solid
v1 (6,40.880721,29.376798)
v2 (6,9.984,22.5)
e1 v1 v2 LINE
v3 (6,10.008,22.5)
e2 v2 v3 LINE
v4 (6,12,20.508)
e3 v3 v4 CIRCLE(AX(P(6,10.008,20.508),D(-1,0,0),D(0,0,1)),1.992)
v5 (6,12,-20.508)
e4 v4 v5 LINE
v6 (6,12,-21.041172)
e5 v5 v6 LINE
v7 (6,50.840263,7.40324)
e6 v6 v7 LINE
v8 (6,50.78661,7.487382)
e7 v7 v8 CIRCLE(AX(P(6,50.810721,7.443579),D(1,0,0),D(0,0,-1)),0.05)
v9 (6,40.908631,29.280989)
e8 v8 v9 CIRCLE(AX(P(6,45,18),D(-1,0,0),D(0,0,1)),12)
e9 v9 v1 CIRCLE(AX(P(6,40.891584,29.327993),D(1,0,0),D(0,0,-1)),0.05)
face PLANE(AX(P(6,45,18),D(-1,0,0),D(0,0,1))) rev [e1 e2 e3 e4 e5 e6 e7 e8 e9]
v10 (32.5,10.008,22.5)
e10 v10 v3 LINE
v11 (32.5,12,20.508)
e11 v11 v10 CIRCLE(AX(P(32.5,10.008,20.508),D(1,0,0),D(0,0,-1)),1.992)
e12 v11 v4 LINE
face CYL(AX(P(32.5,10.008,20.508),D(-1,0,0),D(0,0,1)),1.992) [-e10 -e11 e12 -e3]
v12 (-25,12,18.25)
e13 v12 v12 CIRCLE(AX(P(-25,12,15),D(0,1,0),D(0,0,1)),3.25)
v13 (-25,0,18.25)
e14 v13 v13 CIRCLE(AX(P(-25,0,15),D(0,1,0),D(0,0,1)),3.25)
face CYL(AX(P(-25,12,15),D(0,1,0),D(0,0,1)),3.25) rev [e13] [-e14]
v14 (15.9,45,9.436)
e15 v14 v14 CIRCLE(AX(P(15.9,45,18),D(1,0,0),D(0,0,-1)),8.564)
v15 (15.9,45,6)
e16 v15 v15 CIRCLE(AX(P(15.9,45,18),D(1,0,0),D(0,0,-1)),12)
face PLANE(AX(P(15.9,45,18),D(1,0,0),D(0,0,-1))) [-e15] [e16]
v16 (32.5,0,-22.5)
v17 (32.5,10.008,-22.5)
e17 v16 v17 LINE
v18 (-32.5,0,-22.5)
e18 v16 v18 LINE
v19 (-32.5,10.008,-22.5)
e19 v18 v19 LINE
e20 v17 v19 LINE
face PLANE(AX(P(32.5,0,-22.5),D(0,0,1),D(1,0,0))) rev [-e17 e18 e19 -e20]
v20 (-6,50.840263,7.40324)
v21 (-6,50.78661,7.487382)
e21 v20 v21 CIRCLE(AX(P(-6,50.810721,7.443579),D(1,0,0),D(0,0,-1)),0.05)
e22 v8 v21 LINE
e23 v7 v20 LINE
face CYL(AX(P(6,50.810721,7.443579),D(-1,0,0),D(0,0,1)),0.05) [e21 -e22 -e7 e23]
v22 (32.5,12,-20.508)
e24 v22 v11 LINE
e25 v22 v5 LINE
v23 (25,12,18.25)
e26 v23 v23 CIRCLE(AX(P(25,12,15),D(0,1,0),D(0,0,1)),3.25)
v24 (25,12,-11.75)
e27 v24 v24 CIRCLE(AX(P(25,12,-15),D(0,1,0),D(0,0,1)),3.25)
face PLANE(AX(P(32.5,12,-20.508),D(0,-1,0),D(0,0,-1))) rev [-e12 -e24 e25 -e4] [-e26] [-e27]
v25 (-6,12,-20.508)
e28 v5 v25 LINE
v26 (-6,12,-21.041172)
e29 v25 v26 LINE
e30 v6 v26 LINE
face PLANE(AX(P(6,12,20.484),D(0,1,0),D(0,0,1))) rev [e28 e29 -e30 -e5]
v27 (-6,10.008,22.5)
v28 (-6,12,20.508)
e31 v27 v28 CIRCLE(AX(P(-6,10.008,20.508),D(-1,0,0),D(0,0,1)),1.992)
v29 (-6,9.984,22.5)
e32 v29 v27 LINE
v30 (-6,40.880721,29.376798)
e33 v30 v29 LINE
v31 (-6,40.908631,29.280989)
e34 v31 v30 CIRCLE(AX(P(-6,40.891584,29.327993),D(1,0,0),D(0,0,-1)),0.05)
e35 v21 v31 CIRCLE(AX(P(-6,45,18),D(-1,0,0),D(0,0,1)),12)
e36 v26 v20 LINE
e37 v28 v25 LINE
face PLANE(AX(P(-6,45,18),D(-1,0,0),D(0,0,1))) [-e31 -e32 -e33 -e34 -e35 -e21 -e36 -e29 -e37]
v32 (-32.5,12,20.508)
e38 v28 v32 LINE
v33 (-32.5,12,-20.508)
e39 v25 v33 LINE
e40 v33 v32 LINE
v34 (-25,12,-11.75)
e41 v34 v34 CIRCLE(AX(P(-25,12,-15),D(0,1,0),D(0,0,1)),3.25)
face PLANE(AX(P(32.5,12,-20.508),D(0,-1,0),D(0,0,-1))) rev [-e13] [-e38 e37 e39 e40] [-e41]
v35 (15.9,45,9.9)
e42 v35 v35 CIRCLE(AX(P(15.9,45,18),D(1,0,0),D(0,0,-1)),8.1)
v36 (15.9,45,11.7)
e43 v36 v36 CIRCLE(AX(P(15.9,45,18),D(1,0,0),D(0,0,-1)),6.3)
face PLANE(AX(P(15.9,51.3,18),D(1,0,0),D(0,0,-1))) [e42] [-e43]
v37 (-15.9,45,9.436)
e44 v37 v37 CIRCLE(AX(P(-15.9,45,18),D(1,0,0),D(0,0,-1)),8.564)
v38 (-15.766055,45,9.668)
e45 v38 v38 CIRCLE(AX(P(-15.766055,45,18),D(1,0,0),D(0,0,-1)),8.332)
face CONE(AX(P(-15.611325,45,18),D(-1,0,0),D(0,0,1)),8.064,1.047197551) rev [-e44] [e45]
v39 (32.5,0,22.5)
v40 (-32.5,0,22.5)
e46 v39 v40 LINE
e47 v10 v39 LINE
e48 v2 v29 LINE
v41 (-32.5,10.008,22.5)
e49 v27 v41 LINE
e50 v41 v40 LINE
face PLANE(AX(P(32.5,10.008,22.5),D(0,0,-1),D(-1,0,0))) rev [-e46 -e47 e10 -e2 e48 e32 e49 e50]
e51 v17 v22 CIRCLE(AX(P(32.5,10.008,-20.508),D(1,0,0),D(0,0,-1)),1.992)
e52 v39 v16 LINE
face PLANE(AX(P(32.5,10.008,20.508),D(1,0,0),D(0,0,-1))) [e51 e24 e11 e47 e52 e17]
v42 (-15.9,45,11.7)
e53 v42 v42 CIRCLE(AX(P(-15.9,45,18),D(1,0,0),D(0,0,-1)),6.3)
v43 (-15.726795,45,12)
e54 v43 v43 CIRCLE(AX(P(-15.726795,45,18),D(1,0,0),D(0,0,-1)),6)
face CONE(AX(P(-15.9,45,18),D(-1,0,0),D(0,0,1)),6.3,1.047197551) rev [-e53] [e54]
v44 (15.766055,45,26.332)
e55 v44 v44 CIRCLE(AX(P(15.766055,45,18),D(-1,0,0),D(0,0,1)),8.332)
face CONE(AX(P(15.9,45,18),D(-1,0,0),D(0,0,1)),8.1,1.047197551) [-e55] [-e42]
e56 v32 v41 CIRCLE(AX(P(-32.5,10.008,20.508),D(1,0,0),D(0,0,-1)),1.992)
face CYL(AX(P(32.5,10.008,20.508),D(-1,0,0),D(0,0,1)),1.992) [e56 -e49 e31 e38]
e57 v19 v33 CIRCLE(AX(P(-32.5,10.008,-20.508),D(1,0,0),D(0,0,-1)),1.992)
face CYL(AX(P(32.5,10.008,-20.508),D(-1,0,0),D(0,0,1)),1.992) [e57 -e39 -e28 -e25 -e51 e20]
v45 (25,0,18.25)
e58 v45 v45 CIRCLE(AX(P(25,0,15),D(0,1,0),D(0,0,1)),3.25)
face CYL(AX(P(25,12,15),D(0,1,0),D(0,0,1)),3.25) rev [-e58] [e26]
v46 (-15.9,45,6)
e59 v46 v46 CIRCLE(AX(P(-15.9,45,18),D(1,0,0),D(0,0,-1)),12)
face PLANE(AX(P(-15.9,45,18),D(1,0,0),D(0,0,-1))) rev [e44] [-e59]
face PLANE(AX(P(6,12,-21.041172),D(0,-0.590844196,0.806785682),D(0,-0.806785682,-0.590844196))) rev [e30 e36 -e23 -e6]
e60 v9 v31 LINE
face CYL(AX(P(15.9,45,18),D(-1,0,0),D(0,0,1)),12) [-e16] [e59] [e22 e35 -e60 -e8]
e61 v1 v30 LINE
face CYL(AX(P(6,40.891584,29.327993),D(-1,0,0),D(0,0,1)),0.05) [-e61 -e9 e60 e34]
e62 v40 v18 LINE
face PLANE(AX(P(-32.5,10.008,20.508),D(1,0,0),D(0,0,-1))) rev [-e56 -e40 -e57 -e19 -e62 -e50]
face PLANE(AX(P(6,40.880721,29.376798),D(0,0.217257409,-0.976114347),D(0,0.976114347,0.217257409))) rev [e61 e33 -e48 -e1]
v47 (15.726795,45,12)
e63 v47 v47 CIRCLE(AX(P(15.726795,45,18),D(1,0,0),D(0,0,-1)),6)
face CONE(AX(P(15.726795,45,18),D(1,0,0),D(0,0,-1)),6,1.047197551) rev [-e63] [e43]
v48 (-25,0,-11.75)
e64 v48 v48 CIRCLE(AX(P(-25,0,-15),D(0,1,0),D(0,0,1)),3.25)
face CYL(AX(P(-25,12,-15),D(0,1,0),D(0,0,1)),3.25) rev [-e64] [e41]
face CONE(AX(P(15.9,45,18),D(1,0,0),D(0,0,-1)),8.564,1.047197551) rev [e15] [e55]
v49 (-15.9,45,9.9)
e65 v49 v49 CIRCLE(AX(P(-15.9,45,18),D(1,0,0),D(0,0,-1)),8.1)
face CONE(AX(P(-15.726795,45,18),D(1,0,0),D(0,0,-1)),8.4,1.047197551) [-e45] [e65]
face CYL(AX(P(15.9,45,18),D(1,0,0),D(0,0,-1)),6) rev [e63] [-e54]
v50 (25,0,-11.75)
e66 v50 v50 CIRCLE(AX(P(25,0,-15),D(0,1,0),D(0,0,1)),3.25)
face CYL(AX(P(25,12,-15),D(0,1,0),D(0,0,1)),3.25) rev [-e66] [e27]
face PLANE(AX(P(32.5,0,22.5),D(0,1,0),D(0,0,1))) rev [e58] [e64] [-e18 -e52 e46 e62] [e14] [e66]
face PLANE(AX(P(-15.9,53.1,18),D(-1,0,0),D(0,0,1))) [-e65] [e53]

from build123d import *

# Parameters (mm, degrees)
BOSS_EXTRUDE1_DEPTH      = 32.5
BOSS_EXTRUDE1_DEPTH_BACK = 32.5
BOSS_EXTRUDE2_DEPTH      = 6
BOSS_EXTRUDE2_DEPTH_BACK = 6
BOSS_EXTRUDE3_DEPTH      = 15.9
BOSS_EXTRUDE3_DEPTH_BACK = 15.9
SKETCH3_R                = 12
SKETCH4_W                = 3.25
SKETCH4_H                = 12
SKETCH5_W                = 3.25
SKETCH5_H                = 12
SKETCH6_W                = 3.25
SKETCH6_H                = 12
SKETCH7_W                = 3.25
SKETCH7_H                = 12


with BuildPart() as part:
    # Sketch1 → Boss-Extrude1 (new, two sides: drawn at the far end of the back side and taken through both)
    with BuildSketch(Plane(origin=(0, 0, 0), x_dir=(0, 0, -1), z_dir=(1, 0, 0)).offset(-BOSS_EXTRUDE1_DEPTH_BACK)):
        with BuildLine():
            Line((-22.5, 10.008), (-22.5, 0))
            Line((-22.5, 0), (22.5, 0))
            Line((22.5, 0), (22.5, 10.008))
            ThreePointArc((22.5, 10.008), (21.916556708, 11.416556708), (20.508, 12))
            Line((20.508, 12), (-20.508, 12))
            ThreePointArc((-20.508, 12), (-21.916556708, 11.416556708), (-22.5, 10.008))
        make_face()
    extrude(amount=BOSS_EXTRUDE1_DEPTH + BOSS_EXTRUDE1_DEPTH_BACK)

    # Sketch2 → Boss-Extrude2 (add, two sides: drawn at the far end of the back side and taken through both)
    with BuildSketch(Plane(origin=(0, 0, 0), x_dir=(0, 0, -1), z_dir=(1, 0, 0)).offset(-BOSS_EXTRUDE2_DEPTH_BACK)):
        with BuildLine():
            Line((-29.376798431, 40.880721246), (-22.5, 9.984))
            ThreePointArc((-22.5, 9.984), (-21.909527271, 11.409527271), (-20.484, 12))
            Line((-20.484, 12), (21.041171881, 12))
            Line((21.041171881, 12), (-7.403239928, 50.840263348))
            ThreePointArc((-7.403239928, 50.840263348), (-7.470461582, 50.852879627), (-7.487381792, 50.786610269))
            ThreePointArc((-7.487381792, 50.786610269), (-13.04609099, 34.070279714), (-29.280988595, 40.908631486))
            ThreePointArc((-29.280988595, 40.908631486), (-29.341976877, 40.939588733), (-29.376798431, 40.880721246))
        make_face()
    extrude(amount=BOSS_EXTRUDE2_DEPTH + BOSS_EXTRUDE2_DEPTH_BACK)

    # Sketch3 → Boss-Extrude3 (add, two sides: drawn at the far end of the back side and taken through both)
    with BuildSketch(Plane(origin=(0, 0, 0), x_dir=(0, 0, -1), z_dir=(1, 0, 0)).offset(-BOSS_EXTRUDE3_DEPTH_BACK)):
        with Locations((-18, 45)):
            Circle(SKETCH3_R)
    extrude(amount=BOSS_EXTRUDE3_DEPTH + BOSS_EXTRUDE3_DEPTH_BACK)

    # Sketch4 → Cut-Revolve1 (revolve, cut)
    with BuildSketch(Plane.XY.offset(15)):
        with Locations((-26.625, 6)):
            Rectangle(SKETCH4_W, SKETCH4_H)
    revolve(axis=Axis((-25, 12, 15), (0, -1, 0)), mode=Mode.SUBTRACT)

    # Sketch5 → Cut-Revolve2 (revolve, cut)
    with BuildSketch(Plane.XY.offset(15)):
        with Locations((23.375, 6)):
            Rectangle(SKETCH5_W, SKETCH5_H)
    revolve(axis=Axis((25, 12, 15), (0, -1, 0)), mode=Mode.SUBTRACT)

    # Sketch6 → Cut-Revolve3 (revolve, cut)
    with BuildSketch(Plane.XY.offset(-15)):
        with Locations((-26.625, 6)):
            Rectangle(SKETCH6_W, SKETCH6_H)
    revolve(axis=Axis((-25, 12, -15), (0, -1, 0)), mode=Mode.SUBTRACT)

    # Sketch7 → Cut-Revolve4 (revolve, cut)
    with BuildSketch(Plane.XY.offset(-15)):
        with Locations((23.375, 6)):
            Rectangle(SKETCH7_W, SKETCH7_H)
    revolve(axis=Axis((25, 12, -15), (0, -1, 0)), mode=Mode.SUBTRACT)

    # Sketch8 → Cut-Revolve5 (revolve, cut)
    with BuildSketch(Plane.XY.offset(18)):
        Polygon((-15.9, 45), (-15.9, 53.564), (-15.611324865, 53.064), (15.611324865, 53.064), (15.9, 53.564), (15.9, 45), align=None)
    revolve(axis=Axis((15.9, 45, 18), (-1, 0, 0)), mode=Mode.SUBTRACT)

    # Sketch9 → Revolve1 (revolve)
    with BuildSketch(Plane.XY.offset(18)):
        Polygon((-15.9, 51.3), (-15.726794919, 51), (15.726794919, 51), (15.9, 51.3), (15.9, 53.1), (15.726794919, 53.4), (-15.726794919, 53.4), (-15.9, 53.1), align=None)
    revolve(axis=Axis((15.9, 45, 18), (-1, 0, 0)))


solid = part.part
